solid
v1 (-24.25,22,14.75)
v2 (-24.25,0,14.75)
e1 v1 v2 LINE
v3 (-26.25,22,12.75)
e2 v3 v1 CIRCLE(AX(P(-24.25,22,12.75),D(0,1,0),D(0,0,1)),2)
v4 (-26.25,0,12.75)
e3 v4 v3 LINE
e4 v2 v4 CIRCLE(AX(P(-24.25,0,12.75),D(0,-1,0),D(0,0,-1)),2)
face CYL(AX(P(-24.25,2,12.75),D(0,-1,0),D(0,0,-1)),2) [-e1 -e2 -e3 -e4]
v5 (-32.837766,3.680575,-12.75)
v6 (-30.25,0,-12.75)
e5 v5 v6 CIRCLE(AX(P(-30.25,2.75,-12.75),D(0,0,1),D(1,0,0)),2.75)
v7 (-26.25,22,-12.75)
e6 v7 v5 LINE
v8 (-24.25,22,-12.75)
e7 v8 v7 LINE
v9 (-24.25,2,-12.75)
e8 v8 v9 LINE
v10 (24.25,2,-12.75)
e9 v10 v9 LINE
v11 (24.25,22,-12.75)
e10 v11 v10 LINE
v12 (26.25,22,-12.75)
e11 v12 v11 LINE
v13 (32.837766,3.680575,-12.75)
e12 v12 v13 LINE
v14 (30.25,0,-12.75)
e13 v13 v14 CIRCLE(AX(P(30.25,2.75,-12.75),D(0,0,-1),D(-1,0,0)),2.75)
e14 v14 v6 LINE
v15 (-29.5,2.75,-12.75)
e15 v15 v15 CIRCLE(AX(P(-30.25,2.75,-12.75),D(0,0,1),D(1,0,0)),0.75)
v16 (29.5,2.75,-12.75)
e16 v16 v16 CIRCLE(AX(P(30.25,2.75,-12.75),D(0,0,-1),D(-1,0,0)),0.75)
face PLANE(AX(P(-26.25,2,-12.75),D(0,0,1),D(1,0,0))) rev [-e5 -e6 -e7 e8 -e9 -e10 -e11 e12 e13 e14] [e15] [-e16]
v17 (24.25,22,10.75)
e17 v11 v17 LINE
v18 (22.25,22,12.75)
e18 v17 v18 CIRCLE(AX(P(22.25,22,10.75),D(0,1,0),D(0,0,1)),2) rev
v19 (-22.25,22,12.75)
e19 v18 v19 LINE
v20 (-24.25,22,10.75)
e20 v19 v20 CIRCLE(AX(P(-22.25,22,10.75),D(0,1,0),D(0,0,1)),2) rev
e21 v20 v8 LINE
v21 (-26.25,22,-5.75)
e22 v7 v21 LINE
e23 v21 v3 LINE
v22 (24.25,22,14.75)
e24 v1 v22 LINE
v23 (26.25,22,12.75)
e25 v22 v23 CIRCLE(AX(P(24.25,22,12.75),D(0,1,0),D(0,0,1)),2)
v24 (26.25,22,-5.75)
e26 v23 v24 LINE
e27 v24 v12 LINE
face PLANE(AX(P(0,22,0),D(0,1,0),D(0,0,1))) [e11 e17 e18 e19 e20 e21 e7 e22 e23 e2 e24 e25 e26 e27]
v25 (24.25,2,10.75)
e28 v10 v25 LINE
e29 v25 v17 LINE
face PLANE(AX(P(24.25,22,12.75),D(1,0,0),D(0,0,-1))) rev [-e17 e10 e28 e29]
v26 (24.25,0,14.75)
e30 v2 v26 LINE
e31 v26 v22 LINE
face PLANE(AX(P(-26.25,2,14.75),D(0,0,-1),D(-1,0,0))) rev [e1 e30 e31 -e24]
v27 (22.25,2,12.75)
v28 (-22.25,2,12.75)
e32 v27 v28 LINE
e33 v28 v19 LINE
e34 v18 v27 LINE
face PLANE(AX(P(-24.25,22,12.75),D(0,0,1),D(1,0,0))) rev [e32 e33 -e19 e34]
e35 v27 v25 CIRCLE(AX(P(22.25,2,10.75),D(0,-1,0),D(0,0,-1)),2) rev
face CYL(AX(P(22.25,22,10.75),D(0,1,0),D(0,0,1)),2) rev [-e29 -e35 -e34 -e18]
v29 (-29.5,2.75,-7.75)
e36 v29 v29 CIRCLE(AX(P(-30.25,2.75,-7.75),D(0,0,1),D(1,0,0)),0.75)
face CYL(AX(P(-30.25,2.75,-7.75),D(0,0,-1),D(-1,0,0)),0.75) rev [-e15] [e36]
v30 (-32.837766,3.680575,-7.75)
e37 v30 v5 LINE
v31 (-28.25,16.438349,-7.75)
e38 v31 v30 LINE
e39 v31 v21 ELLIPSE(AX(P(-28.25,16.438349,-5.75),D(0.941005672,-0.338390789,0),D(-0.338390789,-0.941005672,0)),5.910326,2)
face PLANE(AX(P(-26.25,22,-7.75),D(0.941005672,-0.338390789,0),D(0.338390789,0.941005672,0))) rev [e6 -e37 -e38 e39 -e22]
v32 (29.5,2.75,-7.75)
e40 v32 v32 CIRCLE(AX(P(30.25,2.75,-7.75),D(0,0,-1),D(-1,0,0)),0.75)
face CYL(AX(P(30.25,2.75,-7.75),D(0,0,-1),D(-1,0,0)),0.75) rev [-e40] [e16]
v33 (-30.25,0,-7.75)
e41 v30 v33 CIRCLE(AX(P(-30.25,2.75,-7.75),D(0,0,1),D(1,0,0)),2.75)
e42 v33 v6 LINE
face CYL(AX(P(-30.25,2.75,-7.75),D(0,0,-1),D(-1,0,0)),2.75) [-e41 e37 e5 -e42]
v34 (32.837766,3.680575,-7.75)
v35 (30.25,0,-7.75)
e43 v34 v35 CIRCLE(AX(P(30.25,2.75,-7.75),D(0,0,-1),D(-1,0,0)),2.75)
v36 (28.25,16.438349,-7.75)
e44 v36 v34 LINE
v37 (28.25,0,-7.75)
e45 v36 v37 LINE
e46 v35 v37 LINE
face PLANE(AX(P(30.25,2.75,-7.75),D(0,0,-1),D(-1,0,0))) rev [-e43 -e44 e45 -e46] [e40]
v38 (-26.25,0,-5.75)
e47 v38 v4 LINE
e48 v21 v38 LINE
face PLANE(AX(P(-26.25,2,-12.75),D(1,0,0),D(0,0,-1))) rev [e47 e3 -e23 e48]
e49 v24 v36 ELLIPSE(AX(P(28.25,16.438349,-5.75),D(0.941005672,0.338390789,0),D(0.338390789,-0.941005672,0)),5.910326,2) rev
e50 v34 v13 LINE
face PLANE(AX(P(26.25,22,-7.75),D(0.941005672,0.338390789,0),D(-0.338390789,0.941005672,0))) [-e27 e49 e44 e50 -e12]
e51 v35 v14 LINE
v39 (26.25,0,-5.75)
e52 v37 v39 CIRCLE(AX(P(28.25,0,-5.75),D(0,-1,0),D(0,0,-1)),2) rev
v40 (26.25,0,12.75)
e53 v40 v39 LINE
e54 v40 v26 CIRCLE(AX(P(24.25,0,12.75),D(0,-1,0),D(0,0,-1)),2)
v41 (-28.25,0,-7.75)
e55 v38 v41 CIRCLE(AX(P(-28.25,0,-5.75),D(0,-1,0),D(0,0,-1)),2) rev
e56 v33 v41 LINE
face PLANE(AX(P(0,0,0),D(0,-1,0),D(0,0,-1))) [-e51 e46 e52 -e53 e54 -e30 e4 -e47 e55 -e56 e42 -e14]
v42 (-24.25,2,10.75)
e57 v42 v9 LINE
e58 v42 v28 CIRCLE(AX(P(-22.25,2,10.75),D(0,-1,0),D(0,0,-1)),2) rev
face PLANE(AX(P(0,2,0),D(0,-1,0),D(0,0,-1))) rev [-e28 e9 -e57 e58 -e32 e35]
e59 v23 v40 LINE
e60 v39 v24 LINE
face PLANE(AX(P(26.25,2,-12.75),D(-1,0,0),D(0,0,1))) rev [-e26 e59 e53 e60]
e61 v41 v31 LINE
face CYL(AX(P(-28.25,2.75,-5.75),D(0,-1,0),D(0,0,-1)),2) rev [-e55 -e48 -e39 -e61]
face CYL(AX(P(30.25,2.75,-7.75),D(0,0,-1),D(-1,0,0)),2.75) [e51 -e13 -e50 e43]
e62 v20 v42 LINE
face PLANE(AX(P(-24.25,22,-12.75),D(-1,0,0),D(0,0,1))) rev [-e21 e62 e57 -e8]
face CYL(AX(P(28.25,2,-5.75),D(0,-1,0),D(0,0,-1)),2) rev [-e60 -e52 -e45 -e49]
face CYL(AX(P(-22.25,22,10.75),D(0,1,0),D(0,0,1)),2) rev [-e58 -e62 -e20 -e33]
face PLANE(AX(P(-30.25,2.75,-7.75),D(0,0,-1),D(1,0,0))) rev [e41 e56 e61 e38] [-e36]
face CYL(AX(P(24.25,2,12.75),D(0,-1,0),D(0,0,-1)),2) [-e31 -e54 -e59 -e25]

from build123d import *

# Parameters (mm, degrees)
SKETCH1_W           = 52.5
SKETCH1_H           = 27.5
BOSS_EXTRUDE1_DEPTH = 2
BOSS_EXTRUDE2_DEPTH = 20
FILLET1_R           = 2
SKETCH3_R           = 0.75
BOSS_EXTRUDE3_DEPTH = 5
FILLET3_R           = 2


with BuildPart() as part:
    # Sketch1 → Boss-Extrude1 (new body)
    with BuildSketch(Plane(origin=(0, 0, 0), x_dir=(1, 0, 0), z_dir=(0, 1, 0))):
        with Locations((0, -1)):
            Rectangle(SKETCH1_W, SKETCH1_H)
    extrude(amount=BOSS_EXTRUDE1_DEPTH)

    # Sketch2 → Boss-Extrude2 (add)
    with BuildSketch(Plane(origin=(0, 2, 0), x_dir=(1, 0, 0), z_dir=(0, 1, 0))):
        Polygon((26.25, -14.75), (26.25, 12.75), (24.25, 12.75), (24.25, -12.75), (-24.25, -12.75), (-24.25, 12.75), (-26.25, 12.75), (-26.25, -14.75), align=None)
    extrude(amount=BOSS_EXTRUDE2_DEPTH)

    # Fillet1
    fillet1_edges = [part.edges().sort_by_distance(p)[0] for p in [
        (24.25, 12, 12.75),
        (-24.25, 12, 12.75),
        (26.25, 11, 14.75),
        (-26.25, 11, 14.75),
    ]]
    fillet(fillet1_edges, radius=FILLET1_R)

    # Sketch3 → Boss-Extrude3 (add)
    with BuildSketch(Plane(origin=(0, 0, -12.75), x_dir=(-1, 0, 0), z_dir=(0, 0, -1))):
        with BuildLine():
            Line((-26.25, 22), (-32.837765597, 3.680574669))
            ThreePointArc((-32.837765597, 3.680574669), (-32.499620006, 1.168320567), (-30.25, 0))
            Line((-30.25, 0), (-26.25, 0))
            Line((-26.25, 0), (-26.25, 22))
        make_face()
        with Locations((-30.25, 2.75)):
            Circle(SKETCH3_R, mode=Mode.SUBTRACT)
    boss_extrude3 = extrude(amount=-BOSS_EXTRUDE3_DEPTH)

    # Mirror3: Boss-Extrude3 across plane
    add(boss_extrude3.mirror(Plane(origin=(0, 0, 0), x_dir=(0, 0, 1), z_dir=(1, 0, 0))))

    # Fillet3
    fillet3_edges = [part.edges().sort_by_distance(p)[0] for p in [
        (26.25, 11, -7.75),
        (-26.25, 11, -7.75),
    ]]
    fillet(fillet3_edges, radius=FILLET3_R)


solid = part.part
